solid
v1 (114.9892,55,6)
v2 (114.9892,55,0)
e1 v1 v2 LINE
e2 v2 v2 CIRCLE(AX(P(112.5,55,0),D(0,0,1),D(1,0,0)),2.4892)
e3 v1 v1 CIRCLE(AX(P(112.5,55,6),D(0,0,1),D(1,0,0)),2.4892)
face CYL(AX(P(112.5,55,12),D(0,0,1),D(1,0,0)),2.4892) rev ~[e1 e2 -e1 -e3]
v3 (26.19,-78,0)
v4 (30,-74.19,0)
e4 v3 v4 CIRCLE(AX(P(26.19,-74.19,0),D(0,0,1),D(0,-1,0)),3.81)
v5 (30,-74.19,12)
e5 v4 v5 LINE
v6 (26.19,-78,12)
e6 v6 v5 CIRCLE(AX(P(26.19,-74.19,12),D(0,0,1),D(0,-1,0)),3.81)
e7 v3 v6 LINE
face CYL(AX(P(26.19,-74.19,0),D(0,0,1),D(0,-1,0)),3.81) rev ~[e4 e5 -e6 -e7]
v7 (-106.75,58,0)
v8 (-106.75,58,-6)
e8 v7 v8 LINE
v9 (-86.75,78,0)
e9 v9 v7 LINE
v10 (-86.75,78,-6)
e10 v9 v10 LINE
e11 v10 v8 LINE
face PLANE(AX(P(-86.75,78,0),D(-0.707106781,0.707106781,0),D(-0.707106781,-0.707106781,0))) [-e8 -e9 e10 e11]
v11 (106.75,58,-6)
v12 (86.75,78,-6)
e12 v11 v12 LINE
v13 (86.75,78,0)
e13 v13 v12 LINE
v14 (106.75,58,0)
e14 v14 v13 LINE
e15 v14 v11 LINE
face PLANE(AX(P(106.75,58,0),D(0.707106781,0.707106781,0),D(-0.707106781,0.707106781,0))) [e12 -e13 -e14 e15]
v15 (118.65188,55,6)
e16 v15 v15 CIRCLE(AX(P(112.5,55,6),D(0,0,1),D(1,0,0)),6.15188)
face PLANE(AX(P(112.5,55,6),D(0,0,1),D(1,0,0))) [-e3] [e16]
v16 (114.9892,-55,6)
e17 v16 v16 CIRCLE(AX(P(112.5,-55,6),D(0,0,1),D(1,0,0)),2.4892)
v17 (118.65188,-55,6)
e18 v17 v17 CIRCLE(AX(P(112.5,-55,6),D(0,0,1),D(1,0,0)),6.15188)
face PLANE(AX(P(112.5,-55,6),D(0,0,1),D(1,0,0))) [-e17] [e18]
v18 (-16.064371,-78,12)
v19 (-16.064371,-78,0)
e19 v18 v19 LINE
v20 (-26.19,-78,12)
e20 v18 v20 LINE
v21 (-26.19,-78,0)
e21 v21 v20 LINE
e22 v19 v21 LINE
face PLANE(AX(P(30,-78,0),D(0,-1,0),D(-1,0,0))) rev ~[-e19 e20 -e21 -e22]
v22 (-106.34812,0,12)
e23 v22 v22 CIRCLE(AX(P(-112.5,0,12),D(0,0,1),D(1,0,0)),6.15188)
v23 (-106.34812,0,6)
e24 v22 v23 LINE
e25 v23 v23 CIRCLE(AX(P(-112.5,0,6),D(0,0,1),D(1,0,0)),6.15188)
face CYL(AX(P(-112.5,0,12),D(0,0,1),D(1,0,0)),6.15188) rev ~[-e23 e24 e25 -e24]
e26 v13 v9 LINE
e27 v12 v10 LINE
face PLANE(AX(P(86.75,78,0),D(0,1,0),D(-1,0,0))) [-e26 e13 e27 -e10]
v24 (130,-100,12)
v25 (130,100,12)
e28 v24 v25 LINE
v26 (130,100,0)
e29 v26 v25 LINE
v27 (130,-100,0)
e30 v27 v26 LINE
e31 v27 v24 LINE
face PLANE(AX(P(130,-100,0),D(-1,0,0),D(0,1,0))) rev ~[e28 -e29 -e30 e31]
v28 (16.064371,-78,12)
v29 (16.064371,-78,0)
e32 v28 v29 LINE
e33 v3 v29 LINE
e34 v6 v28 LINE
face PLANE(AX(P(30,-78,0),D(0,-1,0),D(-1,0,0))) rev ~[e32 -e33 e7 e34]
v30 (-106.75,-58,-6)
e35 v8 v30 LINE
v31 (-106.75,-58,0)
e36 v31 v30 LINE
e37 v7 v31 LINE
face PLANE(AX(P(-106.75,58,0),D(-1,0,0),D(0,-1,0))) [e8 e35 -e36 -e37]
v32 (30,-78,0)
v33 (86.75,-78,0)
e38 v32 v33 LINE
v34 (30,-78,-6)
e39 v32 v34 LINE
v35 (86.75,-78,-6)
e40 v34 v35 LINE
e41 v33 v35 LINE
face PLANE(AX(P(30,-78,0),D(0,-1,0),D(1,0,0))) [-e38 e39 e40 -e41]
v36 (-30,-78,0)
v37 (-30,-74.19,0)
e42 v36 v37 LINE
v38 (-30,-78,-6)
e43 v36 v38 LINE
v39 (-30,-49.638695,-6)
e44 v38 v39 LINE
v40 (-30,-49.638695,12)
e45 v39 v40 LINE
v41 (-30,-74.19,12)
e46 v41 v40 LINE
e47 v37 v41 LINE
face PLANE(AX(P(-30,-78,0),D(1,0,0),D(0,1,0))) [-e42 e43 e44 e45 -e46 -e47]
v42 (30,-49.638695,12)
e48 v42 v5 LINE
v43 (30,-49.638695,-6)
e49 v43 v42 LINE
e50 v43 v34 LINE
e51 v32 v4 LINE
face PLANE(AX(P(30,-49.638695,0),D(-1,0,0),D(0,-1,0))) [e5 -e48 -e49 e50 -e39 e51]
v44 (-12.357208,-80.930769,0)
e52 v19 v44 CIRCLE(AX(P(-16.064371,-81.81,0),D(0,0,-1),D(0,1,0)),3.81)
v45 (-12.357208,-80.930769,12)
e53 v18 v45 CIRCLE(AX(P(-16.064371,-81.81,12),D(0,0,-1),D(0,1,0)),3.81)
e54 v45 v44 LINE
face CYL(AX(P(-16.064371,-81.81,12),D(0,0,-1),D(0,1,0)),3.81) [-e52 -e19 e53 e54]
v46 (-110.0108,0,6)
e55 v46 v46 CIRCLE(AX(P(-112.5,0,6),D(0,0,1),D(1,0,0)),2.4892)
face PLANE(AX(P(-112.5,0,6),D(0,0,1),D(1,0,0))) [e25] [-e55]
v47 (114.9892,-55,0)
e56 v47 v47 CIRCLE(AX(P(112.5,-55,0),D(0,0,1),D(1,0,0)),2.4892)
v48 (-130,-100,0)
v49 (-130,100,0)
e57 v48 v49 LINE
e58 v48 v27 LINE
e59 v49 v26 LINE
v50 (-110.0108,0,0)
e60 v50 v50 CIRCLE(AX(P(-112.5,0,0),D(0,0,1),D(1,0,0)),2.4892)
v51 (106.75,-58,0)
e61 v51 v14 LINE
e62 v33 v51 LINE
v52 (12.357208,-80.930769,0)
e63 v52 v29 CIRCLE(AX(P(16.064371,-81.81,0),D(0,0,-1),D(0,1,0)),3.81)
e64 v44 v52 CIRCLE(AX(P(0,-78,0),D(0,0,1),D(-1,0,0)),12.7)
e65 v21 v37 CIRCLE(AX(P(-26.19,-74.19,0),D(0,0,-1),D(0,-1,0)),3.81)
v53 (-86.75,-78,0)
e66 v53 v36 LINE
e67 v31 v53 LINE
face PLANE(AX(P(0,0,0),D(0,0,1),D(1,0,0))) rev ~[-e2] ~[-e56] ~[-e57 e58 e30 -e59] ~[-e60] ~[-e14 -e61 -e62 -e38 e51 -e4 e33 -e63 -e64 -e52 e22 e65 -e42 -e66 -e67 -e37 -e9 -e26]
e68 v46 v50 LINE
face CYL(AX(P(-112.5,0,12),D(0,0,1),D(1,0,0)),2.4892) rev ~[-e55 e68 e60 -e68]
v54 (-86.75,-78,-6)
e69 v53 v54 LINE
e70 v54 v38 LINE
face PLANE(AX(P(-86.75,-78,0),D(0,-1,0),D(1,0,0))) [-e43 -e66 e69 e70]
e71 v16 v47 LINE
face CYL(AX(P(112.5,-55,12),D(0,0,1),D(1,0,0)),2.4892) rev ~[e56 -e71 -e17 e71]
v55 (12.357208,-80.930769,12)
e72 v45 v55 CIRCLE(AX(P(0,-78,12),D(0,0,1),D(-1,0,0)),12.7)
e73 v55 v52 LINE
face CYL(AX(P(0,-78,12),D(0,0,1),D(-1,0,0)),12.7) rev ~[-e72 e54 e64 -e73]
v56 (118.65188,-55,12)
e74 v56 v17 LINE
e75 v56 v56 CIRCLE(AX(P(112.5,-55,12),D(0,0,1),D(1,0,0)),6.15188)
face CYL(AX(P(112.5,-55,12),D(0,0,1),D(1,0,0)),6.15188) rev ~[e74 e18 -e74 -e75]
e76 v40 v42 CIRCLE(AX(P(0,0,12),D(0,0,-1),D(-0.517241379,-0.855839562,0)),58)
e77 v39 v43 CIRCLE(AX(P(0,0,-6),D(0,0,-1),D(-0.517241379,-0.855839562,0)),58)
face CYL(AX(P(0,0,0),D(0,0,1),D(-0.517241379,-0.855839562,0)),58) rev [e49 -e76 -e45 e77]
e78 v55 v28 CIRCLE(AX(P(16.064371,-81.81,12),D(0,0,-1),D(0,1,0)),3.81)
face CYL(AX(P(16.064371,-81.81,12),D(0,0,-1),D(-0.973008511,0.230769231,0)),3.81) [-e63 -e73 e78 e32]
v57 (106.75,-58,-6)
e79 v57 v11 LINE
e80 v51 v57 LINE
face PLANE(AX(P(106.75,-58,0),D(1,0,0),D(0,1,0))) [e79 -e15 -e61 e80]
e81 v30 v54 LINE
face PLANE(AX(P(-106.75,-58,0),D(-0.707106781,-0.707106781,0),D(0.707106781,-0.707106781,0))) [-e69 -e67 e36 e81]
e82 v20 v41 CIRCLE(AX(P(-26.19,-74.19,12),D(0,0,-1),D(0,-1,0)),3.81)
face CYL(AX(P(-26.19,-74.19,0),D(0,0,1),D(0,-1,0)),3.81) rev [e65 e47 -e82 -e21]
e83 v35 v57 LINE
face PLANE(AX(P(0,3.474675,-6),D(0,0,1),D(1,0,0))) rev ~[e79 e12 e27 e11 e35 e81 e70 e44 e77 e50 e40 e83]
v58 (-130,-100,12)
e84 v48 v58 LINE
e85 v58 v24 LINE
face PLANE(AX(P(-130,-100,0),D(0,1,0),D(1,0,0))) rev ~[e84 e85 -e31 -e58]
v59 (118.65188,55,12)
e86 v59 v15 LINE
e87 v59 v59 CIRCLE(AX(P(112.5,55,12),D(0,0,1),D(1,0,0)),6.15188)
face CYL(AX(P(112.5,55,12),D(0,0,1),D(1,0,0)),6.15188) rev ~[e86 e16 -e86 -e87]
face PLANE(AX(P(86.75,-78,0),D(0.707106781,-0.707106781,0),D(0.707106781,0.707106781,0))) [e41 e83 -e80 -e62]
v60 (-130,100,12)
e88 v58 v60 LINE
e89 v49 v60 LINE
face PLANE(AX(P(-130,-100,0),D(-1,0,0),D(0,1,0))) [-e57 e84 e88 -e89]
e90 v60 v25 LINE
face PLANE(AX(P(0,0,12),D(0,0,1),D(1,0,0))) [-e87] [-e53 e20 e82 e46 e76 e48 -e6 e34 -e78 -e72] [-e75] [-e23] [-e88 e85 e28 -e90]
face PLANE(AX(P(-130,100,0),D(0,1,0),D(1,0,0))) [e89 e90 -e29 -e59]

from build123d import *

# Parameters (mm, degrees)
F0_W     = 260
F0_H     = 200
F1_DEPTH = 12
F2_DEPTH = 6
F3_R     = 6.15188
F3_R_2   = 2.4892
F4_DEPTH = 6
F5_DEPTH = 18.001
F6_R     = 3.81
F8_DEPTH = 18.001
F9_R     = 3.81


with BuildPart() as f1:
    # F0 (on Top) → F1 (new body)
    with BuildSketch(Plane.XY):
        Rectangle(F0_W, F0_H)
        Polygon((-86.75, 78), (86.75, 78), (106.75, 58), (106.75, -58), (86.75, -78), (30, -78), (-30, -78), (-86.75, -78), (-106.75, -58), (-106.75, 58), align=None, mode=Mode.SUBTRACT)
        with BuildLine():
            Line((106.75, 58), (86.75, 78))
            Line((86.75, 78), (-86.75, 78))
            Line((-86.75, 78), (-106.75, 58))
            Line((-106.75, 58), (-106.75, -58))
            Line((-106.75, -58), (-86.75, -78))
            Line((-86.75, -78), (-30, -78))
            Line((-30, -78), (-30, -49.638694584))
            ThreePointArc((-30, -49.638694584), (0, 58), (30, -49.638694584))
            Line((30, -49.638694584), (30, -78))
            Line((30, -78), (86.75, -78))
            Line((86.75, -78), (106.75, -58))
            Line((106.75, -58), (106.75, 58))
        make_face()
    extrude(amount=F1_DEPTH)

    # F0 (on Top) → F2 (join)
    with BuildSketch(Plane.XY):
        with BuildLine():
            Line((106.75, 58), (86.75, 78))
            Line((86.75, 78), (-86.75, 78))
            Line((-86.75, 78), (-106.75, 58))
            Line((-106.75, 58), (-106.75, -58))
            Line((-106.75, -58), (-86.75, -78))
            Line((-86.75, -78), (-30, -78))
            Line((-30, -78), (-30, -49.638694584))
            ThreePointArc((-30, -49.638694584), (0, 58), (30, -49.638694584))
            Line((30, -49.638694584), (30, -78))
            Line((30, -78), (86.75, -78))
            Line((86.75, -78), (106.75, -58))
            Line((106.75, -58), (106.75, 58))
        make_face()
    extrude(amount=-F2_DEPTH)

    # F3 (on face) → F4 (cut)
    with BuildSketch(Plane.XY.offset(12)):
        with Locations((-112.5, 0)):
            Circle(F3_R)
        with Locations((-112.5, 0)):
            Circle(F3_R_2, mode=Mode.SUBTRACT)
        with Locations((112.5, 55)):
            Circle(F3_R)
        with Locations((112.5, 55)):
            Circle(F3_R_2, mode=Mode.SUBTRACT)
        with Locations((112.5, -55)):
            Circle(F3_R)
        with Locations((112.5, -55)):
            Circle(F3_R_2, mode=Mode.SUBTRACT)
        with Locations((-112.5, 0)):
            Circle(F3_R_2)
        with Locations((112.5, 55)):
            Circle(F3_R_2)
        with Locations((112.5, -55)):
            Circle(F3_R_2)
    extrude(amount=-F4_DEPTH, mode=Mode.SUBTRACT)

    # F3 (on face) → F5 (cut, through all)
    with BuildSketch(Plane.XY.offset(12)):
        with Locations((-112.5, 0)):
            Circle(F3_R_2)
        with Locations((112.5, 55)):
            Circle(F3_R_2)
        with Locations((112.5, -55)):
            Circle(F3_R_2)
    extrude(amount=-F5_DEPTH, mode=Mode.SUBTRACT)

    # F6
    f6_edges = [f1.edges().sort_by_distance(p)[0] for p in [
        (-30, -78, 6),
        (30, -78, 6),
    ]]
    fillet(f6_edges, radius=F6_R)

    # F7 (on face) → F8 (cut, through all)
    with BuildSketch(Plane.XY.offset(12)):
        with BuildLine():
            Line((12.7, -78), (-12.7, -78))
            ThreePointArc((-12.7, -78), (0, -90.7), (12.7, -78))
        make_face()
    extrude(amount=-F8_DEPTH, mode=Mode.SUBTRACT)

    # F9
    f9_edges = [f1.edges().sort_by_distance(p)[0] for p in [
        (-12.7, -78, 6),
        (12.7, -78, 6),
    ]]
    fillet(f9_edges, radius=F9_R)


solid = f1.part
